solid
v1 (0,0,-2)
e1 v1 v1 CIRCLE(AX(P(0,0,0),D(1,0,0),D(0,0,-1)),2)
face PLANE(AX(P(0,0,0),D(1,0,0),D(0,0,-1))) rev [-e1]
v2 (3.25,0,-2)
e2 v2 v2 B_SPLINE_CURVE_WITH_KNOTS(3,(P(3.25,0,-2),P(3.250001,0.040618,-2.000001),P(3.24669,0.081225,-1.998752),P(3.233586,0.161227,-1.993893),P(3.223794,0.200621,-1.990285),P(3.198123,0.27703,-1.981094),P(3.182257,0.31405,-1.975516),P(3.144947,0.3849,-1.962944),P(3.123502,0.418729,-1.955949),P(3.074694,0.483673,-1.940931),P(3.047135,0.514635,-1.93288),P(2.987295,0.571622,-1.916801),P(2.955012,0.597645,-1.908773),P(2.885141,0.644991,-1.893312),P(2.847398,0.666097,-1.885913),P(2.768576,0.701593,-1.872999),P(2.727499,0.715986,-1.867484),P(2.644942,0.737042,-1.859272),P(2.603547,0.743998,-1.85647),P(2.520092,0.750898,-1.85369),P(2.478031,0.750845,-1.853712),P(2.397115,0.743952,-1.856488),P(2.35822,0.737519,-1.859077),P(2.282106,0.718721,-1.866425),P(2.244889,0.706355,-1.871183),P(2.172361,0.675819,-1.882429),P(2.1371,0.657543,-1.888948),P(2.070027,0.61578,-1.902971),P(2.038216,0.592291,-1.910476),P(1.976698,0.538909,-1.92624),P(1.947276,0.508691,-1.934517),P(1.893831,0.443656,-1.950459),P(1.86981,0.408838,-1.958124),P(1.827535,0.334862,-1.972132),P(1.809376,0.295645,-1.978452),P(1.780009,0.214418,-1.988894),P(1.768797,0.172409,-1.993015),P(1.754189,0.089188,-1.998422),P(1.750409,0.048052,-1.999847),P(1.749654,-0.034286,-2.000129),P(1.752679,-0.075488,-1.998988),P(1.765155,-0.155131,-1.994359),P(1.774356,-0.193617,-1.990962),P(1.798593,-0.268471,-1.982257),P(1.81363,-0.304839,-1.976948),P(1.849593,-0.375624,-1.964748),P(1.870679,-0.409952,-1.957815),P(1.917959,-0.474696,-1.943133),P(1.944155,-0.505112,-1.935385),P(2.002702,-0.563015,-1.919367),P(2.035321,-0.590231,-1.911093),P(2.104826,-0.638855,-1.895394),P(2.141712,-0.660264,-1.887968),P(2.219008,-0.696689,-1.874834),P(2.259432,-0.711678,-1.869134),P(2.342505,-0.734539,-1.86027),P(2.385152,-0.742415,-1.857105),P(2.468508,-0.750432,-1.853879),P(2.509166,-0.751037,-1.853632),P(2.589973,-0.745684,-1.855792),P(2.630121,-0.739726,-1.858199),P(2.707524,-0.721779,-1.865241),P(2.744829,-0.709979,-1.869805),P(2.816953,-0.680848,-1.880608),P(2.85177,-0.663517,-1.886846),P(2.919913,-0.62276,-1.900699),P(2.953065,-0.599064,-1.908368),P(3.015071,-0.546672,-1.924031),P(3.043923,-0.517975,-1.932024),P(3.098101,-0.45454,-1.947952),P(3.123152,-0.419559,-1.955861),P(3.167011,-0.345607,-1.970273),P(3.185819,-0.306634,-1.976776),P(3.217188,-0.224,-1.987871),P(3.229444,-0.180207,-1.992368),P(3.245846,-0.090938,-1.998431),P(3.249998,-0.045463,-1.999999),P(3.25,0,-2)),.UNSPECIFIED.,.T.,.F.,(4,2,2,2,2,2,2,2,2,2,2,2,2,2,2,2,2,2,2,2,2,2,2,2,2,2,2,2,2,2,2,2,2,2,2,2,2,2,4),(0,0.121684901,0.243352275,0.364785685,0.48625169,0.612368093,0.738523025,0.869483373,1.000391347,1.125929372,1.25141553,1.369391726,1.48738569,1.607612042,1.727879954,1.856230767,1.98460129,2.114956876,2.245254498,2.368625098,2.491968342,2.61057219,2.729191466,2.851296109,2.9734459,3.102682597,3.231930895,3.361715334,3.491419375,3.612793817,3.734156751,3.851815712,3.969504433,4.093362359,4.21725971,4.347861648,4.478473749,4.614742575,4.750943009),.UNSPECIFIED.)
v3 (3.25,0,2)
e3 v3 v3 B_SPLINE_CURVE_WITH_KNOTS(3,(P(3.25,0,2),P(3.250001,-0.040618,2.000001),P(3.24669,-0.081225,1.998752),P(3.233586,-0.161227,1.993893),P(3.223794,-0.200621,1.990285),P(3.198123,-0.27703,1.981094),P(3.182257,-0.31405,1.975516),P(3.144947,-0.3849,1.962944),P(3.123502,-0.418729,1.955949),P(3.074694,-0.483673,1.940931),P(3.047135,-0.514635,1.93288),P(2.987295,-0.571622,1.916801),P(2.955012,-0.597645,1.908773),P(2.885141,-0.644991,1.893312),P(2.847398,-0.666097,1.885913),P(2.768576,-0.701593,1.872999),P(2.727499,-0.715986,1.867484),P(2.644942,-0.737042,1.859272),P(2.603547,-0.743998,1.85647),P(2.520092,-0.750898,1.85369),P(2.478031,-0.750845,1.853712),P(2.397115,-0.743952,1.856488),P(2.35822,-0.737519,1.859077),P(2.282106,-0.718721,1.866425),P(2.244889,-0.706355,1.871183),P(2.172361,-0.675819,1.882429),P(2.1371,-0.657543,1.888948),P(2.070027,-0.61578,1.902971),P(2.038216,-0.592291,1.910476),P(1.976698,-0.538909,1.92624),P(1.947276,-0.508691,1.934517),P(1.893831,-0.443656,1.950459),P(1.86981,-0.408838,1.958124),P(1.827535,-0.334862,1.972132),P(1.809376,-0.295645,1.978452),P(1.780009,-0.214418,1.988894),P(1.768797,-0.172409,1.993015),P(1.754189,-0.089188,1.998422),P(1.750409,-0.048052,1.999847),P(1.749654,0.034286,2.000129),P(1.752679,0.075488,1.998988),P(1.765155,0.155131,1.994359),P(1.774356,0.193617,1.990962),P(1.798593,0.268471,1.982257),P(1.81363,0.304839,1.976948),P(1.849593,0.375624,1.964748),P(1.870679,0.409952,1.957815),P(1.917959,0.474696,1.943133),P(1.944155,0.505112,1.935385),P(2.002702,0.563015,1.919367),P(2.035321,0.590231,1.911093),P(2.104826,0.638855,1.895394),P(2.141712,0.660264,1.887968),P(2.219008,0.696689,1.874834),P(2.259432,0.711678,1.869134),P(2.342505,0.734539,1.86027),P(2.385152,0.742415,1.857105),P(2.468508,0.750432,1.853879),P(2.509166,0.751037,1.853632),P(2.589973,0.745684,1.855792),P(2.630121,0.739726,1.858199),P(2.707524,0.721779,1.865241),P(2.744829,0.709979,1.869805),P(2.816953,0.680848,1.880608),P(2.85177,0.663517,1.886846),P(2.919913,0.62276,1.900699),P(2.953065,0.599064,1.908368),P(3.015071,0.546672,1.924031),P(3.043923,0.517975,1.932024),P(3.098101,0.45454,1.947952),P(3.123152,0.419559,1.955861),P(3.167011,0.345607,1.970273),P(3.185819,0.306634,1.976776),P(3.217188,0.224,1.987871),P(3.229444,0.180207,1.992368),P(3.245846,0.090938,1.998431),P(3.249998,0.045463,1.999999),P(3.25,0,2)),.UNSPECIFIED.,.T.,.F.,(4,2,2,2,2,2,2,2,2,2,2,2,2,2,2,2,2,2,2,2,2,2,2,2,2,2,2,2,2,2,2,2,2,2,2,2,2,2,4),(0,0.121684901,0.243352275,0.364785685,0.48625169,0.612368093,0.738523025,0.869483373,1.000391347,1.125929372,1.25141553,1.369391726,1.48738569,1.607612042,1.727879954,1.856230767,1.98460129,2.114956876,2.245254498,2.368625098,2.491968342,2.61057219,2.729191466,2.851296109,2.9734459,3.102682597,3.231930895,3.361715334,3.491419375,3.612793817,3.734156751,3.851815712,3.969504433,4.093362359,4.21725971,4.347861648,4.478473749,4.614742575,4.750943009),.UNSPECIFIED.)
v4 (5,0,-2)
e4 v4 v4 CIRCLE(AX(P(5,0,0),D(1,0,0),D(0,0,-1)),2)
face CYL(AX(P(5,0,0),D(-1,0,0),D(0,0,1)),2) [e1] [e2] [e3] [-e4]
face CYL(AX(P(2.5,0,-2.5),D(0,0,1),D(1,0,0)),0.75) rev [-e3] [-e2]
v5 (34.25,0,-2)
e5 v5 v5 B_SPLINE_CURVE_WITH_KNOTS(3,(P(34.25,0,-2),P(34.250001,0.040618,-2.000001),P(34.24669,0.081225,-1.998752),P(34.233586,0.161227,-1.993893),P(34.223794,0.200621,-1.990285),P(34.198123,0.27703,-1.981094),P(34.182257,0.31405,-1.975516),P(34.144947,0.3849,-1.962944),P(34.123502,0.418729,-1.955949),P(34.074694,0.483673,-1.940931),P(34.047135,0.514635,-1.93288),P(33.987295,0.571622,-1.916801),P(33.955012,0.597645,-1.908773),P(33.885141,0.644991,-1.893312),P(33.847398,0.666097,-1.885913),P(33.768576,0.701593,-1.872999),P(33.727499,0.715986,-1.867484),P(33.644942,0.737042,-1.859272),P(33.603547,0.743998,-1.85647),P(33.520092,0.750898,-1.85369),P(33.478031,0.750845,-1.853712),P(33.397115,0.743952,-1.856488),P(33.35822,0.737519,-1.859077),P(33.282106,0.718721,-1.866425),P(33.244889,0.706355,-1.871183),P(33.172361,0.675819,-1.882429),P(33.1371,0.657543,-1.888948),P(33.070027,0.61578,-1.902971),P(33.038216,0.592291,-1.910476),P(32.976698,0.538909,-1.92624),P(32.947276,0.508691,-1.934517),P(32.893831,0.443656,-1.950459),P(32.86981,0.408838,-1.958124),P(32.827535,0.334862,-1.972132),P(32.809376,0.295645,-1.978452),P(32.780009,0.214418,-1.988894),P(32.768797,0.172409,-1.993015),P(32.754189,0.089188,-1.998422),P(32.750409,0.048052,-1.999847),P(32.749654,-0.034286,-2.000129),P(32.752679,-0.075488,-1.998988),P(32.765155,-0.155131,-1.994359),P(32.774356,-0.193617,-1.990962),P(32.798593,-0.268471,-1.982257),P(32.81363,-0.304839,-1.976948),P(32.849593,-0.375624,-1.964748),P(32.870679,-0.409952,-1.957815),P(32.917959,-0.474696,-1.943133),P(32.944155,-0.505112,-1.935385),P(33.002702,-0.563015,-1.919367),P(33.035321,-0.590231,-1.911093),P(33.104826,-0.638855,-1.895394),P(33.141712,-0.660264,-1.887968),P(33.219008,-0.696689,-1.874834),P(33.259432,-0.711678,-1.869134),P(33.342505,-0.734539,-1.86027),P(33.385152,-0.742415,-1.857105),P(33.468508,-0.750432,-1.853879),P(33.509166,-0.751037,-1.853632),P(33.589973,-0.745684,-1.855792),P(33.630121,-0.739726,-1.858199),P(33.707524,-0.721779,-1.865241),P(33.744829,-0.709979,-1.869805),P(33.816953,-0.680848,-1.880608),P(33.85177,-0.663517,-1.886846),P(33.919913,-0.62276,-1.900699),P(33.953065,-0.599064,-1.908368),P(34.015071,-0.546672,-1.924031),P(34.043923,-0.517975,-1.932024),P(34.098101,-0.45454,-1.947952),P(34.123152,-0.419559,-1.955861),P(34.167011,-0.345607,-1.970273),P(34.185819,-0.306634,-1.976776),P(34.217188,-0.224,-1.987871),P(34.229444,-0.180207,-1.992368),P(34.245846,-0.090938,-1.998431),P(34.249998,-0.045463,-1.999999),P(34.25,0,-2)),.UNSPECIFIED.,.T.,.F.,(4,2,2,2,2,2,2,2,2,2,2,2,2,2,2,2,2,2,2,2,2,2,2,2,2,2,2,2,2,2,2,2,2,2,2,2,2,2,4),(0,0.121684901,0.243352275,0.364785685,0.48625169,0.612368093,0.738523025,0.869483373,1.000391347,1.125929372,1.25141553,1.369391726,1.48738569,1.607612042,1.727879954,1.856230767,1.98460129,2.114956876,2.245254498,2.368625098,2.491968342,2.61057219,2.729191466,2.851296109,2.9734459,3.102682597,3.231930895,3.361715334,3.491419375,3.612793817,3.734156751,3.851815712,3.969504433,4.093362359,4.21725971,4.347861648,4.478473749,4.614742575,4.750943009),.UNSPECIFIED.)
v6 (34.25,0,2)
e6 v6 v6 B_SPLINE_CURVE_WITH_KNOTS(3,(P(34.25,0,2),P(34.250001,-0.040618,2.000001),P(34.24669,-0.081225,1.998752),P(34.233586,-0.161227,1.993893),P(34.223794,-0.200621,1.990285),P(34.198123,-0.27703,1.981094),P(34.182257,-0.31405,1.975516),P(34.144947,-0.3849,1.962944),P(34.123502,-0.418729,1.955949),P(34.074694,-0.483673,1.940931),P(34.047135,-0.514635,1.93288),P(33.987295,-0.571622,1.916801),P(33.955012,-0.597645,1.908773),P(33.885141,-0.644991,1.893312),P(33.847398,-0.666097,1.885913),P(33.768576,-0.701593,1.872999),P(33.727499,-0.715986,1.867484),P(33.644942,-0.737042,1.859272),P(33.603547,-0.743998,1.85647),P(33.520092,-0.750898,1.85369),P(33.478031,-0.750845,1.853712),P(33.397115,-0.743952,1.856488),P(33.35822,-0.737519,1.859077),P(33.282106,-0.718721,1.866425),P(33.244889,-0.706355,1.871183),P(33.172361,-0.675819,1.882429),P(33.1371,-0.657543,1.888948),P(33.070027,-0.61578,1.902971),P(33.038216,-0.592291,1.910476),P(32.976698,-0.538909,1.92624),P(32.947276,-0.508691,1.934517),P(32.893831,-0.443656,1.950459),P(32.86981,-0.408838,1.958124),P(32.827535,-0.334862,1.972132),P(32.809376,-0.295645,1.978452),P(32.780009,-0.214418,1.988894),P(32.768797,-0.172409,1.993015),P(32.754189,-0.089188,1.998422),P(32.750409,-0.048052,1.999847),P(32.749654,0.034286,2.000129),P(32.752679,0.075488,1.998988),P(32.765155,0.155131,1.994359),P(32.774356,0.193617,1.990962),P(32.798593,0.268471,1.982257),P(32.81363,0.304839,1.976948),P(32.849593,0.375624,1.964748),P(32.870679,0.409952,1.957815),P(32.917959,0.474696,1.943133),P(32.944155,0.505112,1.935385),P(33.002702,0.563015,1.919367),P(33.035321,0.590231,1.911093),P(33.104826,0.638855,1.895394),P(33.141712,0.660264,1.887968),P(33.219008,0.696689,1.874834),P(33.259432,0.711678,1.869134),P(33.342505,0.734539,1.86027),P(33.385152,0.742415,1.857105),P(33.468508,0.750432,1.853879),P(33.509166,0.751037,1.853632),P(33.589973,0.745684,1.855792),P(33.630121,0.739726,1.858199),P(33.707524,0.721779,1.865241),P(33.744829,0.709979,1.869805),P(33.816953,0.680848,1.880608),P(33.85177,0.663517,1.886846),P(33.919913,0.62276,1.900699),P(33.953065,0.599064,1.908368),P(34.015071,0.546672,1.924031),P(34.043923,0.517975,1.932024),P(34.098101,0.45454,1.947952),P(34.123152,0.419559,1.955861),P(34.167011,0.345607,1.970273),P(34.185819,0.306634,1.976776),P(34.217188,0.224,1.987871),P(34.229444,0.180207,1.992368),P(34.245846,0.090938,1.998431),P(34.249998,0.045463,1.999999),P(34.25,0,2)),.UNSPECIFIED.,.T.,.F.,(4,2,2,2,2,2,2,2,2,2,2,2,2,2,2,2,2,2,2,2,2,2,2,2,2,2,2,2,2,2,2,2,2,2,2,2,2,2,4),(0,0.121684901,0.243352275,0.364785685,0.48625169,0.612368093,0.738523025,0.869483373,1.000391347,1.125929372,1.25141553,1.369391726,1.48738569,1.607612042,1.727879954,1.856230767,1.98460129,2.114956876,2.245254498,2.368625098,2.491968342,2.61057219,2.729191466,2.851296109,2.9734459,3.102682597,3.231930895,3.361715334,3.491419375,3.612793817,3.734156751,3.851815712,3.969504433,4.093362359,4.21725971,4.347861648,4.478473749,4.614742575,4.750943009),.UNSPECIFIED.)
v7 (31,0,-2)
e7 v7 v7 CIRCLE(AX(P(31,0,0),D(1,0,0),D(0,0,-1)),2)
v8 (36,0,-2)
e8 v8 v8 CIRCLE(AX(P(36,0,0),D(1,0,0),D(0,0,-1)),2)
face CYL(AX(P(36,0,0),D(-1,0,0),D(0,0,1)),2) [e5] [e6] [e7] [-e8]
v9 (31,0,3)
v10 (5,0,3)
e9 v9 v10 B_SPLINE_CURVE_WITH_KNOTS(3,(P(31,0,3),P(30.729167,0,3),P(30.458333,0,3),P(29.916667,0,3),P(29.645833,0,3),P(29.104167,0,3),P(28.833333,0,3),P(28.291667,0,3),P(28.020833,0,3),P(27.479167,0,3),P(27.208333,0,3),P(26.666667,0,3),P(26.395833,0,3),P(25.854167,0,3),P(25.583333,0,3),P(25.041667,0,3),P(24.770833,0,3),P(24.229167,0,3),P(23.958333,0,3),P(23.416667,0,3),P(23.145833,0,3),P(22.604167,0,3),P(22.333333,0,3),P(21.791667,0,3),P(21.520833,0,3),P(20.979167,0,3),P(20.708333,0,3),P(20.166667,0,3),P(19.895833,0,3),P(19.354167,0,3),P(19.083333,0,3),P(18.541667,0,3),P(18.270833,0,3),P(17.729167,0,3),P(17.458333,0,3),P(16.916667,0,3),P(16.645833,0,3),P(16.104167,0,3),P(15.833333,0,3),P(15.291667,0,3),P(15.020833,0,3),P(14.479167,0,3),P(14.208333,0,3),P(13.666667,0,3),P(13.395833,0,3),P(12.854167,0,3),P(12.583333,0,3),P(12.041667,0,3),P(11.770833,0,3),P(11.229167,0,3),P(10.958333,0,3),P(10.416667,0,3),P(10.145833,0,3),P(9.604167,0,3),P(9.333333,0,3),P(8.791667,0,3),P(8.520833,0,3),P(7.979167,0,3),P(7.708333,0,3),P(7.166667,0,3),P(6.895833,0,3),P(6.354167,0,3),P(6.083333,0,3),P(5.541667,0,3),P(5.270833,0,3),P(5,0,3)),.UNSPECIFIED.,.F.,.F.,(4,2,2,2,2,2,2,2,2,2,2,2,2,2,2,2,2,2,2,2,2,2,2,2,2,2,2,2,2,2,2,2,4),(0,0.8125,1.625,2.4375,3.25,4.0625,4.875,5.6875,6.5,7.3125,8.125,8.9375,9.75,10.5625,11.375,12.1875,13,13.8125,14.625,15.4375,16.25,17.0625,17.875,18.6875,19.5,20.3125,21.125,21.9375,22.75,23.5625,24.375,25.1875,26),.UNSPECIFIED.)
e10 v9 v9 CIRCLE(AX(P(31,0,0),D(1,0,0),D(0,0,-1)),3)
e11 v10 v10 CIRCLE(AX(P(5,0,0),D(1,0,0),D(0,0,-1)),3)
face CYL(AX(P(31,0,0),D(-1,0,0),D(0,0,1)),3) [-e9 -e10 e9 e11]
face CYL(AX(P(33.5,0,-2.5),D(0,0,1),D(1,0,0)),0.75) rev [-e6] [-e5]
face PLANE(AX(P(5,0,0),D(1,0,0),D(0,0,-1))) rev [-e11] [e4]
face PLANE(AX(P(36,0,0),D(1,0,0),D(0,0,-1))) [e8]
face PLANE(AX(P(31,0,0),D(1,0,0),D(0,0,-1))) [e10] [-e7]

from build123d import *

# Parameters (mm, degrees)
SKETCH1_R           = 2
BOSS_EXTRUDE1_DEPTH = 5
SKETCH2_R           = 3
BOSS_EXTRUDE2_DEPTH = 26
SKETCH3_R           = 2
BOSS_EXTRUDE3_DEPTH = 5
SKETCH4_R           = 0.75
CUT_EXTRUDE1_DEPTH  = 2.5


with BuildPart() as part:
    # Sketch1 → Boss-Extrude1 (new body)
    with BuildSketch(Plane(origin=(0, 0, 0), x_dir=(0, 0, -1), z_dir=(1, 0, 0))):
        Circle(SKETCH1_R)
    extrude(amount=BOSS_EXTRUDE1_DEPTH)

    # Sketch2 → Boss-Extrude2 (add)
    with BuildSketch(Plane(origin=(5, 0, 0), x_dir=(0, 0, -1), z_dir=(1, 0, 0))):
        with Locations(Location((0, 0, 0), (0, 0, 180))):
            Circle(SKETCH2_R)
    extrude(amount=BOSS_EXTRUDE2_DEPTH)

    # Sketch3 → Boss-Extrude3 (add)
    with BuildSketch(Plane(origin=(31, 0, 0), x_dir=(0, 0, -1), z_dir=(1, 0, 0))):
        Circle(SKETCH3_R)
    extrude(amount=BOSS_EXTRUDE3_DEPTH)

    # Sketch4 → Cut-Extrude1 (cut, symmetric)
    with BuildSketch(Plane.XY):
        with Locations((33.5, 0)):
            Circle(SKETCH4_R)
        with Locations((2.5, 0)):
            Circle(SKETCH4_R)
    extrude(amount=CUT_EXTRUDE1_DEPTH, both=True, mode=Mode.SUBTRACT)


solid = part.part
